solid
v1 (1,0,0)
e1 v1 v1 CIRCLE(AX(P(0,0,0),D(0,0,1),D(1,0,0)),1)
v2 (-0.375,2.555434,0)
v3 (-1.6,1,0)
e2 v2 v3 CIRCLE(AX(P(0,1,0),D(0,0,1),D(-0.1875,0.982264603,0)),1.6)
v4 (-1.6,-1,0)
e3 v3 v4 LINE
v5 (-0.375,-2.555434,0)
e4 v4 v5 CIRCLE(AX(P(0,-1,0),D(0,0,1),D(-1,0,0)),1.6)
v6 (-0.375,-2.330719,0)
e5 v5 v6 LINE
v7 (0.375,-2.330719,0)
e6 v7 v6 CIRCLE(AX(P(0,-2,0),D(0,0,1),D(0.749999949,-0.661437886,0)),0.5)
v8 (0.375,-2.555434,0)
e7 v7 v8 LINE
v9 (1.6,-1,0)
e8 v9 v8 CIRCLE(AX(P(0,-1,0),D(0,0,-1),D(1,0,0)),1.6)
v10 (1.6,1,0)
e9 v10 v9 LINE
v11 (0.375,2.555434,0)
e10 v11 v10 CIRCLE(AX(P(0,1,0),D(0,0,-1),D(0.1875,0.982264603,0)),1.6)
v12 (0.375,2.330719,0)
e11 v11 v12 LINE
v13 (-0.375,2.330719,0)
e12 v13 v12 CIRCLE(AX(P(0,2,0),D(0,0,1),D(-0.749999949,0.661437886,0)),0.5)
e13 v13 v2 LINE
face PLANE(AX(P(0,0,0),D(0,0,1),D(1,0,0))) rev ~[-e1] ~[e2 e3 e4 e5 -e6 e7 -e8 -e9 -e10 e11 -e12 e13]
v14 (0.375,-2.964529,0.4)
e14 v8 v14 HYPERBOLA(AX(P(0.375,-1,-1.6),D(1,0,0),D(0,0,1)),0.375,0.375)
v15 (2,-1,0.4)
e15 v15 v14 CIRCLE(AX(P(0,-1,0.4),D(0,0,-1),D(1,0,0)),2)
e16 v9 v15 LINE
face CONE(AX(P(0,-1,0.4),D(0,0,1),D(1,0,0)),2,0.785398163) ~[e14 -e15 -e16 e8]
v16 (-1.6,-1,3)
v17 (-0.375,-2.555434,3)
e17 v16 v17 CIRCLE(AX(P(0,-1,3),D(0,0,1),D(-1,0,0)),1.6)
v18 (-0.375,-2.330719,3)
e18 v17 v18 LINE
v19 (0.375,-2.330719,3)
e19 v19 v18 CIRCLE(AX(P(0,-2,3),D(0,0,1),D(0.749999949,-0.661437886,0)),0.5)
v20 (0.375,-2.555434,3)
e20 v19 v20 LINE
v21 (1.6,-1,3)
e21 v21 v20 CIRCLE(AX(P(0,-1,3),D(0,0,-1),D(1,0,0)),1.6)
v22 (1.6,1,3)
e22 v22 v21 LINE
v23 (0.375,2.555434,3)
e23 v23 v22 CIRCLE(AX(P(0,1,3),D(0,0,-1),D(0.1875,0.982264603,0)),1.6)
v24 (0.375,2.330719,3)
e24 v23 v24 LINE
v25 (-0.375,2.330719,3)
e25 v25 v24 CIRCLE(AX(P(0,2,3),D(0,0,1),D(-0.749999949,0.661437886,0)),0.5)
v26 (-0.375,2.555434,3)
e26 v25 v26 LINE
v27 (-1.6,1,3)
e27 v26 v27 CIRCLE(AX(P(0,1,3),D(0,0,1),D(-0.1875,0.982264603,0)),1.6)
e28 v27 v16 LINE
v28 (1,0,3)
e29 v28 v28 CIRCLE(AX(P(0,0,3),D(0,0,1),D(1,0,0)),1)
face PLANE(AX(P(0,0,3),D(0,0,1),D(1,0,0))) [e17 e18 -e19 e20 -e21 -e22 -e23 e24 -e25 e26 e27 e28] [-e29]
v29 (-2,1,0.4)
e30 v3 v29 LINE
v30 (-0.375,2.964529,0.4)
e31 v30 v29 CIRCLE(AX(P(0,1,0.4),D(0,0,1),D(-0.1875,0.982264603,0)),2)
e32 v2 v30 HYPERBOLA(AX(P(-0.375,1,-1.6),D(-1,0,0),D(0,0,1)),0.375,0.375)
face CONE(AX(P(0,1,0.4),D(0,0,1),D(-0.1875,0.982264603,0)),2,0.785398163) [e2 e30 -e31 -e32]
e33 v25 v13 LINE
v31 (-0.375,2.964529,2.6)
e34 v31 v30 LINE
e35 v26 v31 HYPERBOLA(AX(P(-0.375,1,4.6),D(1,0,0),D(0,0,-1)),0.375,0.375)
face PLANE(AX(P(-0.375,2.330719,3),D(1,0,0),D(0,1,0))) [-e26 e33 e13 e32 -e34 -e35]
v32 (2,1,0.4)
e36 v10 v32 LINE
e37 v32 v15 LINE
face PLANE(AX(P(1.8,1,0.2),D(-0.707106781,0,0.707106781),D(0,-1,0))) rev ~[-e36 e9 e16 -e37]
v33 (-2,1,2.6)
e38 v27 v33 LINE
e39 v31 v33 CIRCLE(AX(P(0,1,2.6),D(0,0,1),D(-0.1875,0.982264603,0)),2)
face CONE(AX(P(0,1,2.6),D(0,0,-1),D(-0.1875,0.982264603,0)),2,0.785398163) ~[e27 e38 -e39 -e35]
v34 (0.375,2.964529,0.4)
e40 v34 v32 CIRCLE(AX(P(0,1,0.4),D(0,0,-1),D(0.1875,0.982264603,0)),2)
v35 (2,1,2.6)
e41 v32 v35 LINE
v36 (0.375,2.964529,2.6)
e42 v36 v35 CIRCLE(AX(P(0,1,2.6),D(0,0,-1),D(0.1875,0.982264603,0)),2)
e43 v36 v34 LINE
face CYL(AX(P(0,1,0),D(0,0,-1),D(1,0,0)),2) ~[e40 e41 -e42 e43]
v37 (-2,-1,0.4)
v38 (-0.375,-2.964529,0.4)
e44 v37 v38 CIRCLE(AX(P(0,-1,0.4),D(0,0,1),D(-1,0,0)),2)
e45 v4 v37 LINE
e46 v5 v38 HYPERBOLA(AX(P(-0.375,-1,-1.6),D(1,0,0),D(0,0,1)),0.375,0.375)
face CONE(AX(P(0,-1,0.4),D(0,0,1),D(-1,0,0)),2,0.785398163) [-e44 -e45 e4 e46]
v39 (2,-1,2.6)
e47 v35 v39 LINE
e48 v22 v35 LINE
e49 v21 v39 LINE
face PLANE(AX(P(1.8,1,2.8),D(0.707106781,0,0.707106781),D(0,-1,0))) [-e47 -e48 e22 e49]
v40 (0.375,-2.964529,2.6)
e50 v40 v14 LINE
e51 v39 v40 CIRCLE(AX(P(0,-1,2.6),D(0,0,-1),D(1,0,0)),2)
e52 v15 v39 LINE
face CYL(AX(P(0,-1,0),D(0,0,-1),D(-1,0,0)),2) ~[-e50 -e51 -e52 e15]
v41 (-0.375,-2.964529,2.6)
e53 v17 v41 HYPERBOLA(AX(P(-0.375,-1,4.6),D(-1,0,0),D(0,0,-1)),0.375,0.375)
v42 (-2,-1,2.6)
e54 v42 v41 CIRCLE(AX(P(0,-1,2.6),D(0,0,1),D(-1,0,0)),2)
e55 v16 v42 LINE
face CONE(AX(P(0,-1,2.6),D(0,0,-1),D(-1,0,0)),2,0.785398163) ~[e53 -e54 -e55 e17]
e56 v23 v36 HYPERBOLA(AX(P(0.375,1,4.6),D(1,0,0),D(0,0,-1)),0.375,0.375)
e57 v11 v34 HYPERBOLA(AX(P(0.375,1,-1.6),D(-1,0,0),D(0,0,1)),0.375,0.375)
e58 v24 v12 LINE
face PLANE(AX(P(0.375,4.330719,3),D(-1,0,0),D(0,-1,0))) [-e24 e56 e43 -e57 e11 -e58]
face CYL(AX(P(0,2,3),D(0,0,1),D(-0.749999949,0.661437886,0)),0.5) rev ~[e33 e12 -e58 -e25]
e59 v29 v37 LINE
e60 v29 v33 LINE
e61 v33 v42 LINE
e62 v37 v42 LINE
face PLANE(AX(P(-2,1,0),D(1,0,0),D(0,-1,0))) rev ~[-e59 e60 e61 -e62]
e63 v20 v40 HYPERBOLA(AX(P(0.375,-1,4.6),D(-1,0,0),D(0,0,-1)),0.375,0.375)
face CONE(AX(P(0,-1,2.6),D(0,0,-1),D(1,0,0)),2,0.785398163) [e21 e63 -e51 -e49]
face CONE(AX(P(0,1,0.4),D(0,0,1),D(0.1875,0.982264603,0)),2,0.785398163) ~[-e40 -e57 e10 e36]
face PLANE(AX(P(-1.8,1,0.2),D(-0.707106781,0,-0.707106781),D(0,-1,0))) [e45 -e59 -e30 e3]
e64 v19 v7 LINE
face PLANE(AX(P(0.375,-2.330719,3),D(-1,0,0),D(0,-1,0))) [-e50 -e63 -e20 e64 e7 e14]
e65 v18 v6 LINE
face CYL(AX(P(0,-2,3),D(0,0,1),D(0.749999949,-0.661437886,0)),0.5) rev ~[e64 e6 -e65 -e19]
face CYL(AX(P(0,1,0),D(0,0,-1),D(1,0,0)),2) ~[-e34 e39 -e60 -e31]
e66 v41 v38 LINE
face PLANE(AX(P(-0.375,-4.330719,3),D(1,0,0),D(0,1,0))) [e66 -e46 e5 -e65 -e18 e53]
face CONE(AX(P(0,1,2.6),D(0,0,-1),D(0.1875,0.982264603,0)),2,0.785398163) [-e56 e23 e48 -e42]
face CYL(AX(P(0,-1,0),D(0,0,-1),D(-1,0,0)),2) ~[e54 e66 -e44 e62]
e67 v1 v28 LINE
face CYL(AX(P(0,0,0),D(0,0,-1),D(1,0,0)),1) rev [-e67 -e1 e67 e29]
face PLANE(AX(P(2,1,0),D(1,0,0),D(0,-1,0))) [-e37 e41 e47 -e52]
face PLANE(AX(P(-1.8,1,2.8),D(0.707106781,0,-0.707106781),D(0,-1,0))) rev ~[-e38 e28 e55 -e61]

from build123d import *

# Parameters (mm, degrees)
SKETCH_R           = 1
PAD_DEPTH          = 3
POCKET_DEPTH       = 18.621499
POLARPATTERN_COUNT = 2
CHAMFER_SIZE       = 0.4


with BuildPart() as part:
    # Sketch (on XY_Plane of Origin) → Pad (new body)
    with BuildSketch(Plane.XY):
        with BuildLine():
            ThreePointArc((2, 1), (0, 3), (-2, 1))
            Line((-2, 1), (-2, -1))
            ThreePointArc((-2, -1), (0, -3), (2, -1))
            Line((2, 1), (2, -1))
        make_face()
        Circle(SKETCH_R, mode=Mode.SUBTRACT)
    extrude(amount=PAD_DEPTH)

    # Sketch001 (on Face7 of Pad) → Pocket (cut, through all)
    with BuildSketch(Plane.XY.offset(3)):
        with BuildLine():
            ThreePointArc((-0.375, 2.330719), (0, 1.5), (0.375, 2.330719))
            Line((0.375, 4.330719), (0.375, 2.330719))
            Line((-0.375, 4.330719), (0.375, 4.330719))
            Line((-0.375, 2.330719), (-0.375, 4.330719))
        make_face()
    pocket = extrude(amount=-POCKET_DEPTH, mode=Mode.SUBTRACT)

    # PolarPattern: Pocket ×2 about axis
    polarpattern_axis = Axis((0, 0, 0), (0, 0, 1))
    for i in range(1, POLARPATTERN_COUNT):
        add(pocket.rotate(polarpattern_axis, i * 360 / POLARPATTERN_COUNT), mode=Mode.SUBTRACT)

    # Chamfer
    chamfer_edges = [part.edges().sort_by_distance(p)[0] for p in [
        (-2, 0, 0),
        (-2, 0, 3),
        (2, 0, 0),
        (2, 0, 3),
    ]]
    chamfer(chamfer_edges, length=CHAMFER_SIZE)


solid = part.part
